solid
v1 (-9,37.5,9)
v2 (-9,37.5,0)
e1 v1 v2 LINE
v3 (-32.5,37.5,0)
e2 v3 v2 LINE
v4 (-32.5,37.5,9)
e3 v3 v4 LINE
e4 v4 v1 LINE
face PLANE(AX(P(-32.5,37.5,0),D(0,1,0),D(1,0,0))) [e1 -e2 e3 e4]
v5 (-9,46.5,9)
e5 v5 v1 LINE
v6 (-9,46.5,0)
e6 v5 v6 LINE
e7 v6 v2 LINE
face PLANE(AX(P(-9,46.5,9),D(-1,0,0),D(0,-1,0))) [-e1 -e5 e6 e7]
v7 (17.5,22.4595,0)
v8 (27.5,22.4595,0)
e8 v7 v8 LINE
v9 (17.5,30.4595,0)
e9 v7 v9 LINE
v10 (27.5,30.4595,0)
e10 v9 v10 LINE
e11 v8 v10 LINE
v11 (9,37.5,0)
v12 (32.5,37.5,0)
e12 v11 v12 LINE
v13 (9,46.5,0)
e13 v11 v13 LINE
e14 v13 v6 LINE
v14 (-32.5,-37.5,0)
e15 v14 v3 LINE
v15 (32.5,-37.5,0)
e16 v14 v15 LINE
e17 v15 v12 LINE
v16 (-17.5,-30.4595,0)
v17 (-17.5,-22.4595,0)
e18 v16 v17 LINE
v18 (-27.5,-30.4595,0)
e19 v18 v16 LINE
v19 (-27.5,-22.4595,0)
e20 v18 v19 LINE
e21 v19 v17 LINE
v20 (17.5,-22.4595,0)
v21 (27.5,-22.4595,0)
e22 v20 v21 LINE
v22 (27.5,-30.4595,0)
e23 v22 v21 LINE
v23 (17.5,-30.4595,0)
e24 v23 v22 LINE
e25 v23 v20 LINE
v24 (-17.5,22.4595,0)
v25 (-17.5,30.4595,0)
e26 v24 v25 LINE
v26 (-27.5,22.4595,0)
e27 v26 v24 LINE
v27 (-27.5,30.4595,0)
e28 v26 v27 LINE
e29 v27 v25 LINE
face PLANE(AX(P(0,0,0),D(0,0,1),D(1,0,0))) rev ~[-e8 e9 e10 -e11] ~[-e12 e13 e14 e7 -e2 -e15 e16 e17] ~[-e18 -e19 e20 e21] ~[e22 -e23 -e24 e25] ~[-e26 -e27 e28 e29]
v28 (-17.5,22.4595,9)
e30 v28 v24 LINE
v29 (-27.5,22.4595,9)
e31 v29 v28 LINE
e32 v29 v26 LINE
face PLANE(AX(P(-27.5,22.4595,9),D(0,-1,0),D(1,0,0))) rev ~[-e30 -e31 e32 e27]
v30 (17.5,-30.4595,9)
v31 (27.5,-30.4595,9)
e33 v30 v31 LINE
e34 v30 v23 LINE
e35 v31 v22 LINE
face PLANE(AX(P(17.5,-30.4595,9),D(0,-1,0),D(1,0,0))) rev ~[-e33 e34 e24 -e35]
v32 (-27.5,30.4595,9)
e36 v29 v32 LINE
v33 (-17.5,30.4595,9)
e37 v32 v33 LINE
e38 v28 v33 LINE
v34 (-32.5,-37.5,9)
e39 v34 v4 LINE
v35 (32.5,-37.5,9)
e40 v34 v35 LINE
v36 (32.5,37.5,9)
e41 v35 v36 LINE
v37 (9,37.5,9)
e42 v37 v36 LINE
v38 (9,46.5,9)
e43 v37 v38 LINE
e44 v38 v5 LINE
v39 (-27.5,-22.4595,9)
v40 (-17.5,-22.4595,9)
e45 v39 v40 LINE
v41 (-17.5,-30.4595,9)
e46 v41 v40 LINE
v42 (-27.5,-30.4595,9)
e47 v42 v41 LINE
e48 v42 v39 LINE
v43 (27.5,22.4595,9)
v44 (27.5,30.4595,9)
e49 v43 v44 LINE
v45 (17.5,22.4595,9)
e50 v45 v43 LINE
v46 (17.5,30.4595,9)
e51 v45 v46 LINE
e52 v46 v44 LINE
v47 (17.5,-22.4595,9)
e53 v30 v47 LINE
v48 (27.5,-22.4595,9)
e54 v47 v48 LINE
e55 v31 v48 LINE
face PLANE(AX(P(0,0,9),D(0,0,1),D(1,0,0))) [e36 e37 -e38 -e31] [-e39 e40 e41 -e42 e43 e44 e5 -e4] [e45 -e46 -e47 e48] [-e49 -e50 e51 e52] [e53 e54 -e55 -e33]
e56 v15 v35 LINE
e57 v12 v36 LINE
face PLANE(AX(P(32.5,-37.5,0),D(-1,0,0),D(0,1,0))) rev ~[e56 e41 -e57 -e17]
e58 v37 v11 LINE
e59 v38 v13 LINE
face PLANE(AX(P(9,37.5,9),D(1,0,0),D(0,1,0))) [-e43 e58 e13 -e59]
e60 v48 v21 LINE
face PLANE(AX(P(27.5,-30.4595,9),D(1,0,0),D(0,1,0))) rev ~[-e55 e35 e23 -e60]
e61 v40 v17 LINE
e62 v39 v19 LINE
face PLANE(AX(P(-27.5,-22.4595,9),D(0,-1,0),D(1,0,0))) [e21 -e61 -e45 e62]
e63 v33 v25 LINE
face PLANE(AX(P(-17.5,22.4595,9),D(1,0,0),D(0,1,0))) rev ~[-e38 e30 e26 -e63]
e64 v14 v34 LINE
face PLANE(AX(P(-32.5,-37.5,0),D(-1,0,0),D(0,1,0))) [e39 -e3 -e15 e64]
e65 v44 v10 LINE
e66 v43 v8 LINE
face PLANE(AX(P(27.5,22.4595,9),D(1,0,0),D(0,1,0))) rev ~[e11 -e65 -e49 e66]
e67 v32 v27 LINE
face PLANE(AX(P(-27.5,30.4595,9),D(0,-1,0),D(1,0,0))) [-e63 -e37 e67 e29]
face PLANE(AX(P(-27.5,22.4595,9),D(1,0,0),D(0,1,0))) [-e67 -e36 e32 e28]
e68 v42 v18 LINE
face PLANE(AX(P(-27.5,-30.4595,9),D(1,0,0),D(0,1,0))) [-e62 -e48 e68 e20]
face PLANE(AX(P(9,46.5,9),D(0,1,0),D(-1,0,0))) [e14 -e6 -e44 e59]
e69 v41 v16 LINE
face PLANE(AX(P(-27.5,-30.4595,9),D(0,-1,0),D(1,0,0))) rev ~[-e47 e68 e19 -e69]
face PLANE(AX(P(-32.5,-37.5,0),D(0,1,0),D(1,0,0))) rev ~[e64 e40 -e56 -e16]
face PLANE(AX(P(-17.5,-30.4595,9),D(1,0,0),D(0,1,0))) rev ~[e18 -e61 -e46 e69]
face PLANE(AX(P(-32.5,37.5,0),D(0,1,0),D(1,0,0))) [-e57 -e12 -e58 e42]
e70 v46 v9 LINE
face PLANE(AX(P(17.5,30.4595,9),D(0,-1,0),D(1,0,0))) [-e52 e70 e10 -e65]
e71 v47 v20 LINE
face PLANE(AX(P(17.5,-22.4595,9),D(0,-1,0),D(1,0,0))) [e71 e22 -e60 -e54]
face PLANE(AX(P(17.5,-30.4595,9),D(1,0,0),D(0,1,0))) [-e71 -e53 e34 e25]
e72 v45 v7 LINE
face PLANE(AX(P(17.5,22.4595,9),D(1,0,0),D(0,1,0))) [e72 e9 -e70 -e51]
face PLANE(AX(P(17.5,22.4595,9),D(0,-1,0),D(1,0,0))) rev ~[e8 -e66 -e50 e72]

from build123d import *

# Parameters (mm, degrees)
F0_W     = 65
F0_H     = 75
F1_DEPTH = 9
F3_DEPTH = 9
F4_W     = 10
F4_H     = 8
F5_DEPTH = 9.001


with BuildPart() as f1:
    # F0 (on Top) → F1 (new body)
    with BuildSketch(Plane.XY):
        Rectangle(F0_W, F0_H)
    extrude(amount=F1_DEPTH)

    # F2 (on face) → F3 (join, through all)
    with BuildSketch(Plane.XY.offset(9)):
        Polygon((9, 46.5), (0, 46.5), (-9, 46.5), (-9, 37.5), (0, 37.5), (9, 37.5), align=None)
    extrude(amount=-F3_DEPTH)

    # F4 (on face) → F5 (cut, through all)
    with BuildSketch(Plane.XY.offset(9)):
        with Locations((-22.5, 26.4595)):
            Rectangle(F4_W, F4_H)
        with Locations((22.5, 26.4595)):
            Rectangle(F4_W, F4_H)
        with Locations((22.5, -26.4595)):
            Rectangle(F4_W, F4_H)
        with Locations((-22.5, -26.4595)):
            Rectangle(F4_W, F4_H)
    extrude(amount=-F5_DEPTH, mode=Mode.SUBTRACT)


solid = f1.part
